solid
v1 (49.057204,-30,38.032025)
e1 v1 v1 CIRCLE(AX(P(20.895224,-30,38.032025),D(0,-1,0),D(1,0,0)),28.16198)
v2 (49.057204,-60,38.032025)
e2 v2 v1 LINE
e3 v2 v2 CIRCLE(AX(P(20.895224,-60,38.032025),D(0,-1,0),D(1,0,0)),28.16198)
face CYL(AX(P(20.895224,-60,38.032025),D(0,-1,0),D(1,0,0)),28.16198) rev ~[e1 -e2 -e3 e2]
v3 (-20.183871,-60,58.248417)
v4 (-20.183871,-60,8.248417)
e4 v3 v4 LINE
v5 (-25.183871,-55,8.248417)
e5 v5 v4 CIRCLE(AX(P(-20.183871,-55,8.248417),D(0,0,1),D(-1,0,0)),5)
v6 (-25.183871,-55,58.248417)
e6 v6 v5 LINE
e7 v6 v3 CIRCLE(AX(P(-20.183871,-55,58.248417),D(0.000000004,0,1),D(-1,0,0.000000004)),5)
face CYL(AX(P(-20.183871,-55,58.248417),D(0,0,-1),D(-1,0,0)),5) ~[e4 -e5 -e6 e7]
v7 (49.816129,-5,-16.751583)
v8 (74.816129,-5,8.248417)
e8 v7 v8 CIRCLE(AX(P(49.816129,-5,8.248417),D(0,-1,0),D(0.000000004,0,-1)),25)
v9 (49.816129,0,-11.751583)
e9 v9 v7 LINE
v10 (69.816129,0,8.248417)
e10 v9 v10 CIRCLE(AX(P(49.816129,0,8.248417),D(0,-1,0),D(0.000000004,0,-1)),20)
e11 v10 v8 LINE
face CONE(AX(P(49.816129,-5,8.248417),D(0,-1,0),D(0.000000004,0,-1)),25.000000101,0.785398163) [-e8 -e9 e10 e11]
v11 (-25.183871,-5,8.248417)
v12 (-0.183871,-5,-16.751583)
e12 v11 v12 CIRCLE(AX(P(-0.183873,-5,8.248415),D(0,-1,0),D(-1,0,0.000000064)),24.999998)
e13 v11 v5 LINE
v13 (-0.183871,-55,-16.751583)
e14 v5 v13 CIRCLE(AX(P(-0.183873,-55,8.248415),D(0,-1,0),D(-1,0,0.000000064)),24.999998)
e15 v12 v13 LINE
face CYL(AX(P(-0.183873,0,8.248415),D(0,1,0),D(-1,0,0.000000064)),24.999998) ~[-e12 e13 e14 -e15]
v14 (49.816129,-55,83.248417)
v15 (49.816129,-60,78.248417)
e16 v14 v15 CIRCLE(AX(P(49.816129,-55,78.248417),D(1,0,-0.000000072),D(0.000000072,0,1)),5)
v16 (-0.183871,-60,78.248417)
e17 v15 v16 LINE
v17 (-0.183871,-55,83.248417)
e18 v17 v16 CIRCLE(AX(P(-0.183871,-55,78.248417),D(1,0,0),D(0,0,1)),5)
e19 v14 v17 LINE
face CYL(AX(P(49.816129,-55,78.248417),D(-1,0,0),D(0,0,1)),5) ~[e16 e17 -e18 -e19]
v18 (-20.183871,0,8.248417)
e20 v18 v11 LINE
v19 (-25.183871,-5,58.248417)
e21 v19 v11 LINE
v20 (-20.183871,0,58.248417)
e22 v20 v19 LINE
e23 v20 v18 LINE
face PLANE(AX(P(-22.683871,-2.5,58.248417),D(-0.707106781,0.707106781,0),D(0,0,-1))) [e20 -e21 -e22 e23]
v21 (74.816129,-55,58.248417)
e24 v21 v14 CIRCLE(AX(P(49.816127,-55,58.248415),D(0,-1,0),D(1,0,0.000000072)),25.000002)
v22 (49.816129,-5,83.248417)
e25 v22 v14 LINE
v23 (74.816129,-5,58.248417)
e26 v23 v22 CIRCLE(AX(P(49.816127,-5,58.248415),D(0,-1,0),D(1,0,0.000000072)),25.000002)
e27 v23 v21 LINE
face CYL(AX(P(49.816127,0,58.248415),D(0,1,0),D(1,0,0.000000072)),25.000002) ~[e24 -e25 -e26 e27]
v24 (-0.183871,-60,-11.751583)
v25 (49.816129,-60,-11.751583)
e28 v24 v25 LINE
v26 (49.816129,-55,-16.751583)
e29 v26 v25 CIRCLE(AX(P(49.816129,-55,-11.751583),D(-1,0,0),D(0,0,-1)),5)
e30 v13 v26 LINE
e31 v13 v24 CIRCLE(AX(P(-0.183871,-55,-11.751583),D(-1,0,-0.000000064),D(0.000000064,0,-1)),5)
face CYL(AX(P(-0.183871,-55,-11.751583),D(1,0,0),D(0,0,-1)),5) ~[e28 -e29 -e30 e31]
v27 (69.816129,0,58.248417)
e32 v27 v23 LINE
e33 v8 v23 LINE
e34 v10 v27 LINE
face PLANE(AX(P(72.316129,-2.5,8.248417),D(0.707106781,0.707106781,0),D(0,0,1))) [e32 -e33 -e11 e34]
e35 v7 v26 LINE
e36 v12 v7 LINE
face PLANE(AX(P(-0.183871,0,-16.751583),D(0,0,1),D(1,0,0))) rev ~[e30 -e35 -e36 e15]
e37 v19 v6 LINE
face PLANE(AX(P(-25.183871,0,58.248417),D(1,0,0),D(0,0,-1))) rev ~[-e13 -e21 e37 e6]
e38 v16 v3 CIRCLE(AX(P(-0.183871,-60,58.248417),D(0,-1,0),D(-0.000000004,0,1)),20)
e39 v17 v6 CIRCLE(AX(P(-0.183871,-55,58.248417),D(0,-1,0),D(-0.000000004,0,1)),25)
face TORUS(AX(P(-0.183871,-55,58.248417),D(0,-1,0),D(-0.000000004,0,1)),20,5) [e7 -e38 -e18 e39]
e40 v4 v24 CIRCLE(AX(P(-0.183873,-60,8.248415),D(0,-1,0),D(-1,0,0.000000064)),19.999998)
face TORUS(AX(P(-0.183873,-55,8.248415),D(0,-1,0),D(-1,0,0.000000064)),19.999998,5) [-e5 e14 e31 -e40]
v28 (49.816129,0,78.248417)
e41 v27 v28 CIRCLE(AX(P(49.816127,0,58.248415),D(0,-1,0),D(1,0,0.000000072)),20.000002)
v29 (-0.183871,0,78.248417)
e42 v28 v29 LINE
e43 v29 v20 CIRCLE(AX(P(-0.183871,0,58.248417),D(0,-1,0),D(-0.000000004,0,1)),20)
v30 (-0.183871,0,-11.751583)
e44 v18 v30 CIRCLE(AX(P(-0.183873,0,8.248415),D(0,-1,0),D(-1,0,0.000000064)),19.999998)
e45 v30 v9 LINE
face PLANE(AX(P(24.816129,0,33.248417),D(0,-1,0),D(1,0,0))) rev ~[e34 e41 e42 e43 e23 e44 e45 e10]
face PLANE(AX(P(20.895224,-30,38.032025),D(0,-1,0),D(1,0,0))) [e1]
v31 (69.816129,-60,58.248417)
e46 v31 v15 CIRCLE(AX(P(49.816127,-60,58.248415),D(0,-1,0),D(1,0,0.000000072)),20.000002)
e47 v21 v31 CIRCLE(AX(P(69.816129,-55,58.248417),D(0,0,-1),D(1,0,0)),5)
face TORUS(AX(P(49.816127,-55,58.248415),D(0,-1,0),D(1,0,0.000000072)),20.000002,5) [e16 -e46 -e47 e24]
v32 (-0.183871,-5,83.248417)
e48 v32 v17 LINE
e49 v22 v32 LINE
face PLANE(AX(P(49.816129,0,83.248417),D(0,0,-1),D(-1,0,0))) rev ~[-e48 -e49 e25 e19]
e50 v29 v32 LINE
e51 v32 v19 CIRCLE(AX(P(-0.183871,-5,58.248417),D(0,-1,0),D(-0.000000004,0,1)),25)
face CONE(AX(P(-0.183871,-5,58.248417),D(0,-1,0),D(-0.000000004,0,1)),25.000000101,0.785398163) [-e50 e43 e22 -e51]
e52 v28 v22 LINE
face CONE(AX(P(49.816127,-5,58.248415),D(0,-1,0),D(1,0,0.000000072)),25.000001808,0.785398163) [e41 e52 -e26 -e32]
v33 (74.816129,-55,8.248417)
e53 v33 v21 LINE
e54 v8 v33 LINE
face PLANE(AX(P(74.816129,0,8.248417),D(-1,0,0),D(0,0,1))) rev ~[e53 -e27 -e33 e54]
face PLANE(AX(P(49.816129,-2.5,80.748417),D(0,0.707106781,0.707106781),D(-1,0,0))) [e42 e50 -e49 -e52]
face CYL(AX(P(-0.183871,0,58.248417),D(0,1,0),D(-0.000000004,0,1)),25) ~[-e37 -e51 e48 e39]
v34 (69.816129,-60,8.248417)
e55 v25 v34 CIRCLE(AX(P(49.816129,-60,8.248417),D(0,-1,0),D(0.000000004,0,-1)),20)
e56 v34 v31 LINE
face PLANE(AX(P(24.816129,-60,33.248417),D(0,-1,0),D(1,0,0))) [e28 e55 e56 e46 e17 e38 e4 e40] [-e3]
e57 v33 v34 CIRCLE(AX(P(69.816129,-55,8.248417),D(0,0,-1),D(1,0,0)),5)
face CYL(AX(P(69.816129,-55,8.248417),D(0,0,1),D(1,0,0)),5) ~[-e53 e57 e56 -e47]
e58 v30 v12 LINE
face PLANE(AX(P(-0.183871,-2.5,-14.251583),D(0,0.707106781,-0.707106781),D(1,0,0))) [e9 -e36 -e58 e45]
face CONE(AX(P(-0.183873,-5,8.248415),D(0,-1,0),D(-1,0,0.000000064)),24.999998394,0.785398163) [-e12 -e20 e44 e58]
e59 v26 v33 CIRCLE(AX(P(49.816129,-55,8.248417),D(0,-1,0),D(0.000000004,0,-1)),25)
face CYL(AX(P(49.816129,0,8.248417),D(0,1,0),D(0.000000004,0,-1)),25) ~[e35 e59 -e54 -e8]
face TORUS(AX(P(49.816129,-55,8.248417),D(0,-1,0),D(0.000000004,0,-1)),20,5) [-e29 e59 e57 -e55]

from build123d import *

# Parameters (mm, degrees)
F1_DEPTH = 60
F2_R     = 5
F3_SIZE  = 5
F4_R     = 28.16198
F5_DEPTH = 30


with BuildPart() as f1:
    # F0 (on Front) → F1 (new body)
    with BuildSketch(Plane.XZ):
        with BuildLine():
            Line((49.816129, 83.248417), (-0.183871, 83.248417))
            ThreePointArc((-0.183871, 83.248417), (-17.861541, 75.926086), (-25.183871, 58.248417))
            Line((-25.183871, 58.248417), (-25.183871, 8.248417))
            ThreePointArc((-25.183871, 8.248417), (-17.861541, -9.429253), (-0.183871, -16.751583))
            Line((-0.183871, -16.751583), (49.816129, -16.751583))
            ThreePointArc((49.816129, -16.751583), (67.493798, -9.429253), (74.816129, 8.248417))
            Line((74.816129, 8.248417), (74.816129, 58.248417))
            ThreePointArc((74.816129, 58.248417), (67.493798, 75.926086), (49.816129, 83.248417))
        make_face()
    extrude(amount=F1_DEPTH)

    # F2
    f2_edges = [f1.edges().sort_by_distance(p)[0] for p in [
        (74.816129, -60, 33.248417),
        (67.493798, -60, 75.926086),
        (24.816129, -60, 83.248417),
        (-17.861541, -60, 75.926086),
        (-25.183871, -60, 33.248417),
        (-17.861541, -60, -9.429253),
        (24.816129, -60, -16.751583),
        (67.493798, -60, -9.429253),
    ]]
    fillet(f2_edges, radius=F2_R)

    # F3
    f3_edges = [f1.edges().sort_by_distance(p)[0] for p in [
        (74.816129, 0, 33.248417),
        (67.493798, 0, 75.926086),
        (24.816129, 0, 83.248417),
        (-17.861541, 0, 75.926086),
        (-25.183871, 0, 33.248417),
        (-17.861541, 0, -9.429253),
        (24.816129, 0, -16.751583),
        (67.493798, 0, -9.429253),
    ]]
    chamfer(f3_edges, length=F3_SIZE)

    # F4 (on face) → F5 (cut)
    with BuildSketch(Plane.XZ.offset(60)):
        with Locations((20.895224, 38.032025)):
            Circle(F4_R)
    extrude(amount=-F5_DEPTH, mode=Mode.SUBTRACT)


solid = f1.part
